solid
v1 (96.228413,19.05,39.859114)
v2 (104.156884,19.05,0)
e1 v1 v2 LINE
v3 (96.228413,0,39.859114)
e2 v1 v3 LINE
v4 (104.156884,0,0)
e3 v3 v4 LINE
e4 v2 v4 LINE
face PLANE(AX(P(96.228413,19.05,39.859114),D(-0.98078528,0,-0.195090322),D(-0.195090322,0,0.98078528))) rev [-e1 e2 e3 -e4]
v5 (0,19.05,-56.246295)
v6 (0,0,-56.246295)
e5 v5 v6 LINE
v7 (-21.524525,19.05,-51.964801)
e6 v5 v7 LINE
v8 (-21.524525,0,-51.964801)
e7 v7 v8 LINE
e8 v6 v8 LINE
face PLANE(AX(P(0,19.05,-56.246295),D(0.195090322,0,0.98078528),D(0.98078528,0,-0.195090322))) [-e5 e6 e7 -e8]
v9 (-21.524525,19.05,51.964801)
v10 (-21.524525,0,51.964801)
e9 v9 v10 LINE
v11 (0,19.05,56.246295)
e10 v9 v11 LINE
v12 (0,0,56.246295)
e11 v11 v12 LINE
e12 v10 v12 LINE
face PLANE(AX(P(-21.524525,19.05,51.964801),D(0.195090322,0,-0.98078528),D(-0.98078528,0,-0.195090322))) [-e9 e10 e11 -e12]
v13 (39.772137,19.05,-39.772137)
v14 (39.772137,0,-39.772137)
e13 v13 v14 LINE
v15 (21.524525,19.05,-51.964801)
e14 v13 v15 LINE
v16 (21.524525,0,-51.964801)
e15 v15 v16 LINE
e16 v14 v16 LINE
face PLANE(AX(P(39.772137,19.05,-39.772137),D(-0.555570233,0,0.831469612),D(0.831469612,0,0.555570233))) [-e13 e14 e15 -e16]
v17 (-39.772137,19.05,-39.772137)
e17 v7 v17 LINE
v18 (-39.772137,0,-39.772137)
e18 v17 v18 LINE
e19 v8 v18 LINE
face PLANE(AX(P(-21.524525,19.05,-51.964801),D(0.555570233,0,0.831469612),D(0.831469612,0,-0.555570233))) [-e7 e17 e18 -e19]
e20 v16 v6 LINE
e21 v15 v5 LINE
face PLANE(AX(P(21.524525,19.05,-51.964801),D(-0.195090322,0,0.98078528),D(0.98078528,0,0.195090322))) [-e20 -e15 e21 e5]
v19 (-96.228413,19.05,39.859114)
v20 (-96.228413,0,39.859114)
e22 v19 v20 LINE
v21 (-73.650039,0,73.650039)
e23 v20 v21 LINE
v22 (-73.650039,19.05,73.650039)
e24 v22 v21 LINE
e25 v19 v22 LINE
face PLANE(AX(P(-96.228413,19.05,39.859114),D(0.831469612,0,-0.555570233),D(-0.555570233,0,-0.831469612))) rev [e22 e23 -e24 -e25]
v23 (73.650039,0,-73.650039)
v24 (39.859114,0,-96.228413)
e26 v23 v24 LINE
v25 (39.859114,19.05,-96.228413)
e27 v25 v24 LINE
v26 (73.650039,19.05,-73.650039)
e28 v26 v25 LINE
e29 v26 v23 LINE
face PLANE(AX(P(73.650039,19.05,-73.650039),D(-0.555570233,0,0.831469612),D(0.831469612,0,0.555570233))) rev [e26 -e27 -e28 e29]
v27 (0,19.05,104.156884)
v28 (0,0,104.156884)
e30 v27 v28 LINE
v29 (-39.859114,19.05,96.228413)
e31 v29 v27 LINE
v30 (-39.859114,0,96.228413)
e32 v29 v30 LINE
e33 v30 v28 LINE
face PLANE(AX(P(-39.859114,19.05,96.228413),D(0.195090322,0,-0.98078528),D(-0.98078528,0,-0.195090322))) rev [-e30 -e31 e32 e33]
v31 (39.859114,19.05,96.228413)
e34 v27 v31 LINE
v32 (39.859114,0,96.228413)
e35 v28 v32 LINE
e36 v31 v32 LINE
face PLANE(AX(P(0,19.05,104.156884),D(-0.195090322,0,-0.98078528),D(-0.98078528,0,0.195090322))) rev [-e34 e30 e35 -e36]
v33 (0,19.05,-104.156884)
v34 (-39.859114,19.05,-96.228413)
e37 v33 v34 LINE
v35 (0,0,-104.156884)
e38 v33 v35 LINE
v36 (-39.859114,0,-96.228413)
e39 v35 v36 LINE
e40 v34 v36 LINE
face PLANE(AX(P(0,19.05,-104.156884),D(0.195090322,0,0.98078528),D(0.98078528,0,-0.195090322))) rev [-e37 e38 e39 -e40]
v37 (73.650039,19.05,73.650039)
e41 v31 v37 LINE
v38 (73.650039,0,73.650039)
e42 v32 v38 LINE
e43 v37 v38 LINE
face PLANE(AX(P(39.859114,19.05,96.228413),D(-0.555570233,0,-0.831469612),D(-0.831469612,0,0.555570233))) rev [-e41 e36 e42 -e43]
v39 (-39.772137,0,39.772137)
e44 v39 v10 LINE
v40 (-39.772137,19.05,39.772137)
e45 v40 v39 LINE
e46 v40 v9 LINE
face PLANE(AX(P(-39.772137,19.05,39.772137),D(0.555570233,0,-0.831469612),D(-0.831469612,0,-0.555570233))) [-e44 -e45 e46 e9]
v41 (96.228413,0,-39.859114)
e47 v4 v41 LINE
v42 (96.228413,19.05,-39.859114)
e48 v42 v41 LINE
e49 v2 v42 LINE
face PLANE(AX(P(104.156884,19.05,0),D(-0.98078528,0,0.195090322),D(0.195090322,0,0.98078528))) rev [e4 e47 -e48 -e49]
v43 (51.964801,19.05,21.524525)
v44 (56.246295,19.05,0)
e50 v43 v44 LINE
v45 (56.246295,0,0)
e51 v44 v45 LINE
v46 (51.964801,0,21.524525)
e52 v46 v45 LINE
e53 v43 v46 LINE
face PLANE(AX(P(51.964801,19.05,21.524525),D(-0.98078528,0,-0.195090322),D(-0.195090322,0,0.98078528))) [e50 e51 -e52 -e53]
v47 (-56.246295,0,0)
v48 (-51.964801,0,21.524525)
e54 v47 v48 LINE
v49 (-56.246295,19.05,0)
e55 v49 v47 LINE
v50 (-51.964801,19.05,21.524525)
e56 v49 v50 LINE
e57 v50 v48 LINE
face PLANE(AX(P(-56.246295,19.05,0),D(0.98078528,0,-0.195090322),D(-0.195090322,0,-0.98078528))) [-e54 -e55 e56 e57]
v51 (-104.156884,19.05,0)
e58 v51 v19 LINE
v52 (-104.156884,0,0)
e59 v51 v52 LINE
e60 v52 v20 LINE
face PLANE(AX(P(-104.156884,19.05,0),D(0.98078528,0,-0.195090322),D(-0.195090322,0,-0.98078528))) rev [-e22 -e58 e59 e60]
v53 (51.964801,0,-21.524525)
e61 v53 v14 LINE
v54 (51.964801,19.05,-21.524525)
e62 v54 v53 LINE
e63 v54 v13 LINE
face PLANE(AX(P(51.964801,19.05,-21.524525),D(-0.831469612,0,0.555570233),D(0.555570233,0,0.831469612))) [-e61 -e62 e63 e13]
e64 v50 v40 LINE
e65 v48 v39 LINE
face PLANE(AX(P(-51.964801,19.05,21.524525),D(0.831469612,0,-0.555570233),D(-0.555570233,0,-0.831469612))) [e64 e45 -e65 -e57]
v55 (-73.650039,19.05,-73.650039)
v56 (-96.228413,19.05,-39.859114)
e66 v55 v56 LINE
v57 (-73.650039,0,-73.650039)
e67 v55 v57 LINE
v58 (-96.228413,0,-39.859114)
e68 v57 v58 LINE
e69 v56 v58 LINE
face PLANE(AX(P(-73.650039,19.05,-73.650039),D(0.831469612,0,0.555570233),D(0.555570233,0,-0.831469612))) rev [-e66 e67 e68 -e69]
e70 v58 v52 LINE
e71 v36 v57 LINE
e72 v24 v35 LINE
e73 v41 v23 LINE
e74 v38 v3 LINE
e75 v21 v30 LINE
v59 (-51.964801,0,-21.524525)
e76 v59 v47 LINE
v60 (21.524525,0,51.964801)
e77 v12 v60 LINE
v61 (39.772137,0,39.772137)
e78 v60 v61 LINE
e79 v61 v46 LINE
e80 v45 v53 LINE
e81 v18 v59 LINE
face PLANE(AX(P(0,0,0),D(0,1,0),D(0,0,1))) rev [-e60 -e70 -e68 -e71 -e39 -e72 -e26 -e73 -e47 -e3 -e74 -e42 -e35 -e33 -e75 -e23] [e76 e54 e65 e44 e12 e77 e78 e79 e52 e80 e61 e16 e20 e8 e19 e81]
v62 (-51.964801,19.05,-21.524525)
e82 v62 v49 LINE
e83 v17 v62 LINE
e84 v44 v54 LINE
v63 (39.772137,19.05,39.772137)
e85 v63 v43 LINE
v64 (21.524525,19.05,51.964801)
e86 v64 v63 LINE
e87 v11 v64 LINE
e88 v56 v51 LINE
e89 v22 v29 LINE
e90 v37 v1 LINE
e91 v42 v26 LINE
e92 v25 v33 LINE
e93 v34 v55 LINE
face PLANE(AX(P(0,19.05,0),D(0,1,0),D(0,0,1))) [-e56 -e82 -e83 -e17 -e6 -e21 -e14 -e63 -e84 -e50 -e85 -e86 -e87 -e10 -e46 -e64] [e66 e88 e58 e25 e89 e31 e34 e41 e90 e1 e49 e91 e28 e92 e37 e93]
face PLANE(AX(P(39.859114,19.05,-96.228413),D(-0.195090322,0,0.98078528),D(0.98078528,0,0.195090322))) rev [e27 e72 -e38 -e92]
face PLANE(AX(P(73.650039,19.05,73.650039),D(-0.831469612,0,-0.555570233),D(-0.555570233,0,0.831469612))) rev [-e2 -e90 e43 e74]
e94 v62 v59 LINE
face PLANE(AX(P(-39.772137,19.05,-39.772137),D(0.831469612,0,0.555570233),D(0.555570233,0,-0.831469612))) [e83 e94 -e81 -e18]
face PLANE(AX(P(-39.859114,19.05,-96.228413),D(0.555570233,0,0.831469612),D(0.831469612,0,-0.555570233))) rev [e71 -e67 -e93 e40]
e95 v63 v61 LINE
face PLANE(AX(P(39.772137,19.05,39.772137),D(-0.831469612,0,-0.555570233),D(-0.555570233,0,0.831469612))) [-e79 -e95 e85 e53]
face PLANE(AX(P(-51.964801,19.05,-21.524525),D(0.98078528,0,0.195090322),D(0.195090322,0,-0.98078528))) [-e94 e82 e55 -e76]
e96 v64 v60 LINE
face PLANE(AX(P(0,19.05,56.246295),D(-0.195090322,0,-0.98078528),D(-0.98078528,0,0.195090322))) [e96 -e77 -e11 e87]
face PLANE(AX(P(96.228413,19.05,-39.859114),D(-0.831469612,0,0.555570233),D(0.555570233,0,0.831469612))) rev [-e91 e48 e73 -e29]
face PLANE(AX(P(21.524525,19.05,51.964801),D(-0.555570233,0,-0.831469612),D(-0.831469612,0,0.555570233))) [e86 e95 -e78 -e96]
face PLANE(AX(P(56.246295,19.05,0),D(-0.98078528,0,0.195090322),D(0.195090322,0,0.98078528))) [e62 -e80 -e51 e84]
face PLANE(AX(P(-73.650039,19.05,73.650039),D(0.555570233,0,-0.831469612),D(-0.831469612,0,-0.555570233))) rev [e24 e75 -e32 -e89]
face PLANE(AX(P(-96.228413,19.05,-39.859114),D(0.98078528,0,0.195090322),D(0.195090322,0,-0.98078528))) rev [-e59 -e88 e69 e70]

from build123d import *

# Parameters (mm, degrees)
BOSS_EXTRUDE1_DEPTH = 19.05


with BuildPart() as part:
    # Sketch1 → Boss-Extrude1 (new body)
    with BuildSketch(Plane(origin=(0, 0, 0), x_dir=(1, 0, 0), z_dir=(0, 1, 0))):
        Polygon((104.156883796, 0), (96.228413109, 39.859113796), (73.65003884, 73.65003884), (39.859113796, 96.228413109), (0, 104.156883796), (-39.859113796, 96.228413109), (-73.65003884, 73.65003884), (-96.228413109, 39.859113796), (-104.156883796, 0), (-96.228413109, -39.859113796), (-73.65003884, -73.65003884), (-39.859113796, -96.228413109), (0, -104.156883796), (39.859113796, -96.228413109), (73.65003884, -73.65003884), (96.228413109, -39.859113796), align=None)
        Polygon((56.246295272, 0), (51.964800981, 21.524525333), (39.772136803, 39.772136803), (21.524525333, 51.964800981), (0, 56.246295272), (-21.524525333, 51.964800981), (-39.772136803, 39.772136803), (-51.964800981, 21.524525333), (-56.246295272, 0), (-51.964800981, -21.524525333), (-39.772136803, -39.772136803), (-21.524525333, -51.964800981), (0, -56.246295272), (21.524525333, -51.964800981), (39.772136803, -39.772136803), (51.964800981, -21.524525333), align=None, mode=Mode.SUBTRACT)
    extrude(amount=BOSS_EXTRUDE1_DEPTH)


solid = part.part
